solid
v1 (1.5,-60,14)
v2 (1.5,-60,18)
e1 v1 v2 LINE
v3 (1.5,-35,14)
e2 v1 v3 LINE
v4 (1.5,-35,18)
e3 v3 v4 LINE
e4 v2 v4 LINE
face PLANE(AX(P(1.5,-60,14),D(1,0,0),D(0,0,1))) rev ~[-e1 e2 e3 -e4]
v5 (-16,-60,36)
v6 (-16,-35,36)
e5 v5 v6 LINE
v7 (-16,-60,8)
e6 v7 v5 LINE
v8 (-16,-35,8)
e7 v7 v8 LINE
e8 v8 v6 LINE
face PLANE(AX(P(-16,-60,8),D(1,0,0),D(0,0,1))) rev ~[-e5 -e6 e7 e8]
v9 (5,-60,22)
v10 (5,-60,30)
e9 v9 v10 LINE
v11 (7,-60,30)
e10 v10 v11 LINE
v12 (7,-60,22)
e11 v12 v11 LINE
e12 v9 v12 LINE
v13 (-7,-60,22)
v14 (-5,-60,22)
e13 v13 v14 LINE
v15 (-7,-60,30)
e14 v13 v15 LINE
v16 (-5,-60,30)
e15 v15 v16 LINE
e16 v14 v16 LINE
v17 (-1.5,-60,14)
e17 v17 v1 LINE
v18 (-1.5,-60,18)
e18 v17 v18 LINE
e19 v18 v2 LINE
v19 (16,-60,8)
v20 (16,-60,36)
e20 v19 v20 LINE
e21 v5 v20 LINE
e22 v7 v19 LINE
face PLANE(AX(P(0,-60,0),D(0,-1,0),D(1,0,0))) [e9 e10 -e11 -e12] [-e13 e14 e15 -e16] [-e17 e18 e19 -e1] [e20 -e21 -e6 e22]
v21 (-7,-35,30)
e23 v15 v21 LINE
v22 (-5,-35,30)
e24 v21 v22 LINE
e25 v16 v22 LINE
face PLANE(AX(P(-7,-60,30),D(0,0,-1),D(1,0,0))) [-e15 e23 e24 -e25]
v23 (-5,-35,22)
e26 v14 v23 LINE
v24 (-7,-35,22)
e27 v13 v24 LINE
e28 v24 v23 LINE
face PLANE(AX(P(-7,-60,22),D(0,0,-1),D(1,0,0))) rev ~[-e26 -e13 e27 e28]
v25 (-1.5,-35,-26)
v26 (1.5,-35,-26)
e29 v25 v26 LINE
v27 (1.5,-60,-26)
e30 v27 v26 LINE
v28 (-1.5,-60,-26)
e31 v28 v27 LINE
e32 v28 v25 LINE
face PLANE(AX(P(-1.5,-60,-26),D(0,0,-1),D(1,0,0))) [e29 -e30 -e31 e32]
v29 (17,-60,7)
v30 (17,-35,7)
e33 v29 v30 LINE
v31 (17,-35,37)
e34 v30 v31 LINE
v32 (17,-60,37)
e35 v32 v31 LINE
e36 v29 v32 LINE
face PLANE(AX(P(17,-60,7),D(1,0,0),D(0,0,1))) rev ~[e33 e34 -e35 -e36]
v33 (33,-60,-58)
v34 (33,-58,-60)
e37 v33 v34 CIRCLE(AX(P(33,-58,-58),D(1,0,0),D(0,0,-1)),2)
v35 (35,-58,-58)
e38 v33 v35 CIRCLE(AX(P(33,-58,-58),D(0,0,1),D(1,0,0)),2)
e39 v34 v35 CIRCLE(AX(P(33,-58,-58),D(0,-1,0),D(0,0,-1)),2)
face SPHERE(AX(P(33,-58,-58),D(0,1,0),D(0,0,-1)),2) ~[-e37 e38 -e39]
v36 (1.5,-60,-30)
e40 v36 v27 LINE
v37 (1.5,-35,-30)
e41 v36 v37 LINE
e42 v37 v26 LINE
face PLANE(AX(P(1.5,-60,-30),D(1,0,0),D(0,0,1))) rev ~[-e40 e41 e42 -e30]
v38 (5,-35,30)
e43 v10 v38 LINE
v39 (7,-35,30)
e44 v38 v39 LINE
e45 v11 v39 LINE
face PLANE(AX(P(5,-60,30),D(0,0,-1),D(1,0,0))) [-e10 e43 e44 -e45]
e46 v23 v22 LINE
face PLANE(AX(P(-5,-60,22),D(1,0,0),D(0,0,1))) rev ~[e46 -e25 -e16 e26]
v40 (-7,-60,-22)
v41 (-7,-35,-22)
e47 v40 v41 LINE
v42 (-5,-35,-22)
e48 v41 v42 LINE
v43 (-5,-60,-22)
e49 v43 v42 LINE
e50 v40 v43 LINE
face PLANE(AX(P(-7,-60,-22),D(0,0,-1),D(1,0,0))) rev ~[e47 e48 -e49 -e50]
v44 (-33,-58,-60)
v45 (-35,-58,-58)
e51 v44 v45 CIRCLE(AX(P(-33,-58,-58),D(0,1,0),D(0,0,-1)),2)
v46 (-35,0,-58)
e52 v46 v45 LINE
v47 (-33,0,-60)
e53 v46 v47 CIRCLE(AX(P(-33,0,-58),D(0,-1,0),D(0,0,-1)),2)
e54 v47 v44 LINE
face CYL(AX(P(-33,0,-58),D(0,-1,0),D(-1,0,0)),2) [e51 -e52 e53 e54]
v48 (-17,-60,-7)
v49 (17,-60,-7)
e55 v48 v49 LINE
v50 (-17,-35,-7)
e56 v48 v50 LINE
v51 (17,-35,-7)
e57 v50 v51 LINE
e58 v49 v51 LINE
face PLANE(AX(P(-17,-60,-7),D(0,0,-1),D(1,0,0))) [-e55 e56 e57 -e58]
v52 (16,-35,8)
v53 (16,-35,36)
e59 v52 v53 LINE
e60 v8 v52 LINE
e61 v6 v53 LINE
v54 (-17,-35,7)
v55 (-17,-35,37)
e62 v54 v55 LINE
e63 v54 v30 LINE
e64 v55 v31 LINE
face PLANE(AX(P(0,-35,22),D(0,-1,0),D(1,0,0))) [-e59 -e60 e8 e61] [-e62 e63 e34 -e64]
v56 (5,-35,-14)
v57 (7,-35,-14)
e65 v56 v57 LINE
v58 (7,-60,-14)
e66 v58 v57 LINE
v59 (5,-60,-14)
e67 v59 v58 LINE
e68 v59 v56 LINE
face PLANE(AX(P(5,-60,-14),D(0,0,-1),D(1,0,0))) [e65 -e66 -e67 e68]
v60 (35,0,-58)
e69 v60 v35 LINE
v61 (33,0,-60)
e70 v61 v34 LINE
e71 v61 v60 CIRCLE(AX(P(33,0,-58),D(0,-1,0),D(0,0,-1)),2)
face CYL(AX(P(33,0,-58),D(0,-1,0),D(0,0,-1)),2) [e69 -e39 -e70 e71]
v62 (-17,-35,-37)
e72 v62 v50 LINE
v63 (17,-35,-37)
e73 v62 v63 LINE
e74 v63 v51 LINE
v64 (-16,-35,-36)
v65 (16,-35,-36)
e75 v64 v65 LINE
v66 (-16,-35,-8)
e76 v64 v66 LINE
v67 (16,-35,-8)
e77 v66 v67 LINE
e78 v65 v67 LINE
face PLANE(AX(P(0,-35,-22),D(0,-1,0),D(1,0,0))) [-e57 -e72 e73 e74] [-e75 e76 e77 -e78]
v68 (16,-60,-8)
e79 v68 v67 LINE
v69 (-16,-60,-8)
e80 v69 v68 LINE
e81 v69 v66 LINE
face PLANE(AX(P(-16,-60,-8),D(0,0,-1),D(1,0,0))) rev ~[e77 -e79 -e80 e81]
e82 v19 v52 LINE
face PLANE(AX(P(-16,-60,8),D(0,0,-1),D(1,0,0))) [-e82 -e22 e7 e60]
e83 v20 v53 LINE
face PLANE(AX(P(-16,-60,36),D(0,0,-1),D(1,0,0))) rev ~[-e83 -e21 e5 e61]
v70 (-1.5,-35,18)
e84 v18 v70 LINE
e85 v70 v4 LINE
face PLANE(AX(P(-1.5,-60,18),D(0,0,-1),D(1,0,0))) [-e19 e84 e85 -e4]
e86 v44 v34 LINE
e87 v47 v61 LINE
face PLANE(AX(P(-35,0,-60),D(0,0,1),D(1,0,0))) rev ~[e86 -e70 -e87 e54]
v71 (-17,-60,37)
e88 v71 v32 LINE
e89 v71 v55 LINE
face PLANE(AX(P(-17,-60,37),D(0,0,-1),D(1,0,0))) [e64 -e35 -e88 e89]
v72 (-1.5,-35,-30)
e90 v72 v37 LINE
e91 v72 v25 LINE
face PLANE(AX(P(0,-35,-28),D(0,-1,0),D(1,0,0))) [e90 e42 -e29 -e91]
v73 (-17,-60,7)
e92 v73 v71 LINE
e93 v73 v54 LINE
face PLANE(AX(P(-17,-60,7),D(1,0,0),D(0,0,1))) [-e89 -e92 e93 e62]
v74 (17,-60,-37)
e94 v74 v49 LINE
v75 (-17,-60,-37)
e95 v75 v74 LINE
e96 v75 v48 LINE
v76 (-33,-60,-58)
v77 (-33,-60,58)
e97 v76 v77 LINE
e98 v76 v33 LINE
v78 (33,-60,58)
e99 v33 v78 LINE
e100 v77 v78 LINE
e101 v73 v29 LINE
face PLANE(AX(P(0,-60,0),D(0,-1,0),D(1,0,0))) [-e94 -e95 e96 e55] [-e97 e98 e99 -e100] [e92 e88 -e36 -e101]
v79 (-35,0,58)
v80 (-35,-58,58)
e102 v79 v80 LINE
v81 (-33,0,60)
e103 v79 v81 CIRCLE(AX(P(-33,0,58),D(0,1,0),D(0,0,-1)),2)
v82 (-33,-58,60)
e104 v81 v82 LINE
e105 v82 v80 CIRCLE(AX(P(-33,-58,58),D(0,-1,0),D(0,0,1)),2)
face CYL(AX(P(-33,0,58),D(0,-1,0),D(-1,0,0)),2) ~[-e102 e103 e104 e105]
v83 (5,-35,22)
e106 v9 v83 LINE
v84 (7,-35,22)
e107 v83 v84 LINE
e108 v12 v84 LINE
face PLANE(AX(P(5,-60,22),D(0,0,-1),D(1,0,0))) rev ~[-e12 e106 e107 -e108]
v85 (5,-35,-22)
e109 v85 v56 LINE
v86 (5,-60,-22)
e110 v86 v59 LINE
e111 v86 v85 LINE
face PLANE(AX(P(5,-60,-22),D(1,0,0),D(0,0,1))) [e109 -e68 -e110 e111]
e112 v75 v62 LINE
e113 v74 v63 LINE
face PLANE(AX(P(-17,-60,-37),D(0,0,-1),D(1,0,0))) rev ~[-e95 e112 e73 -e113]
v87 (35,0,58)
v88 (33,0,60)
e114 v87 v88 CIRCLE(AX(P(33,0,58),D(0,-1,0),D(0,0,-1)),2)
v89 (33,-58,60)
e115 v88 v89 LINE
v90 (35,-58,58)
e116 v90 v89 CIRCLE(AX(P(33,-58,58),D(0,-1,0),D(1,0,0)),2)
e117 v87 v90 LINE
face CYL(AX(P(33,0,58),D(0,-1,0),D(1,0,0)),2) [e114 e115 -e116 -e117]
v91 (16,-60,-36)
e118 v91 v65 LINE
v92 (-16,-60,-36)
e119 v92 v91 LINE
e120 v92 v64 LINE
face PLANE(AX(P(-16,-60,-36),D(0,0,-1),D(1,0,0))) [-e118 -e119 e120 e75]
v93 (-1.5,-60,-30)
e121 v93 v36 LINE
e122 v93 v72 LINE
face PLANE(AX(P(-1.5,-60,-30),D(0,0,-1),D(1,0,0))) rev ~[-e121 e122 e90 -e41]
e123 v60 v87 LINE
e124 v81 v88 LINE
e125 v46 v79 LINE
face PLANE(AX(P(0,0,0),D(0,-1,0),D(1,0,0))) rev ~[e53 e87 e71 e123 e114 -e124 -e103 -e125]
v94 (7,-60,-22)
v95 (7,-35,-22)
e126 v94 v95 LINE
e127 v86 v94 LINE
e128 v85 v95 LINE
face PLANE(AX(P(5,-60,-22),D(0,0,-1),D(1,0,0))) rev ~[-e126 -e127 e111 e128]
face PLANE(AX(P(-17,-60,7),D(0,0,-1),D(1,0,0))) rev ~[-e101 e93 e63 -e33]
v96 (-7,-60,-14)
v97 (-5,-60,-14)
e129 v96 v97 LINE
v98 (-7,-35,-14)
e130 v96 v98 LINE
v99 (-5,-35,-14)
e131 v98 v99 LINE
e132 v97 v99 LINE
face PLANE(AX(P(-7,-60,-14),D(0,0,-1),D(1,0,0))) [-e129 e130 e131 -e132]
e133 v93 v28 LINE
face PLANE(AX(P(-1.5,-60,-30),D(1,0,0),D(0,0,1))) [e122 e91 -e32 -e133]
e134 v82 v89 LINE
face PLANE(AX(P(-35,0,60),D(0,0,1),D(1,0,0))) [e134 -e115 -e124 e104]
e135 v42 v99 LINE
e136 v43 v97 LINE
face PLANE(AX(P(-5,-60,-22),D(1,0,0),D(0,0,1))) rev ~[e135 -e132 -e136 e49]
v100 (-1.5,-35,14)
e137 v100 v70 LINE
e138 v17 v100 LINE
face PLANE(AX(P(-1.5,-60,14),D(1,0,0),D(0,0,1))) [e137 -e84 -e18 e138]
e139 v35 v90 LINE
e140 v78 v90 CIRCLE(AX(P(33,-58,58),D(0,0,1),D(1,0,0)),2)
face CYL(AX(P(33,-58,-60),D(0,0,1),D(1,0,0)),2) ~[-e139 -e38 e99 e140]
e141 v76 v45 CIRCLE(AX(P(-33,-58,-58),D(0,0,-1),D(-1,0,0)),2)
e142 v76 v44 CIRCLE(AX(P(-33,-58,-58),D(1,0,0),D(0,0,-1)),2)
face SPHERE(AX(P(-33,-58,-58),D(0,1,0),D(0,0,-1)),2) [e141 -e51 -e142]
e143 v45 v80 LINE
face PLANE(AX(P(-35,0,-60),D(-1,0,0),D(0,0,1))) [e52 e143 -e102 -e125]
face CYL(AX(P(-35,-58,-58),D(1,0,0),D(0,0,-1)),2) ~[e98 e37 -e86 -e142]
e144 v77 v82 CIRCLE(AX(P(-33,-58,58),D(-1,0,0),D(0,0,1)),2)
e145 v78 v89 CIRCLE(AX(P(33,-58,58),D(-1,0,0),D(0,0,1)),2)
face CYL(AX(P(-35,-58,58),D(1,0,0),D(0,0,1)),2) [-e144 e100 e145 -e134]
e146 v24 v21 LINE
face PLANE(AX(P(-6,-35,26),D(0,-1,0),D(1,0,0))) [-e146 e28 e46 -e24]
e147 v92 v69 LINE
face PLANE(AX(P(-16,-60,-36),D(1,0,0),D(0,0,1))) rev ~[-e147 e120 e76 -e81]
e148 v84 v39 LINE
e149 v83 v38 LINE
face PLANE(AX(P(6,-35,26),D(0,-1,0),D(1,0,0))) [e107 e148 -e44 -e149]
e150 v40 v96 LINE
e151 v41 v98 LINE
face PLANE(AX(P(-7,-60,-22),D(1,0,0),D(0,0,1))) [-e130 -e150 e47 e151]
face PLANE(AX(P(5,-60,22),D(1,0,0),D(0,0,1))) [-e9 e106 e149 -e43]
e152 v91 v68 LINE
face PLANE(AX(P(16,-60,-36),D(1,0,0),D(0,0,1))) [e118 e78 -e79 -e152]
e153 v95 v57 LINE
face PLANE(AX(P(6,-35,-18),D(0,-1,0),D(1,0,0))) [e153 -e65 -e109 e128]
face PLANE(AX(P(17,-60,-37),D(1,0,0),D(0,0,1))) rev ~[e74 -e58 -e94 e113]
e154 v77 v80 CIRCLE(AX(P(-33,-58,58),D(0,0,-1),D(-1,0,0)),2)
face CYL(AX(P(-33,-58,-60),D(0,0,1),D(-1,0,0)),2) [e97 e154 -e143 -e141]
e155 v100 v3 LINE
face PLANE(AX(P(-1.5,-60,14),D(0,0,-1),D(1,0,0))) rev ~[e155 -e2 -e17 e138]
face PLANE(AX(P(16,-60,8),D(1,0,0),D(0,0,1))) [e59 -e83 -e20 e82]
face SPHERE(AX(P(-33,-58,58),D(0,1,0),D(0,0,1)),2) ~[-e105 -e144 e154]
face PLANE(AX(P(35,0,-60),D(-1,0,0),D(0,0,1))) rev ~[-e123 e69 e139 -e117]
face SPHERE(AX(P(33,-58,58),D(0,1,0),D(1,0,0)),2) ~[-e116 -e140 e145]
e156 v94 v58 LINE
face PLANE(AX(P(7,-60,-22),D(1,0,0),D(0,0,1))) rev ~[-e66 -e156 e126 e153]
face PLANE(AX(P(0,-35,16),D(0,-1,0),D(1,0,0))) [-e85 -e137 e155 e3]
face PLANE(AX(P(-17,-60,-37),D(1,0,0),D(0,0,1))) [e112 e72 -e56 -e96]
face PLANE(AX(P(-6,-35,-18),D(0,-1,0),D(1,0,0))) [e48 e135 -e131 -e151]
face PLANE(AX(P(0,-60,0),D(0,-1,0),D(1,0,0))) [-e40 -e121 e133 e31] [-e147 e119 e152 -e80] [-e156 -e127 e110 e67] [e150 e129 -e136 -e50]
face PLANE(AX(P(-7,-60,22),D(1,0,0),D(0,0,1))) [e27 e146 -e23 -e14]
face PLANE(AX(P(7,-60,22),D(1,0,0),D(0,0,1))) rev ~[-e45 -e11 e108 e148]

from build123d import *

# Parameters (mm, degrees)
F0_W     = 70
F0_H     = 120
F1_DEPTH = 60
F2_R     = 2
F3_W     = 34
F3_H     = 30
F3_W_2   = 32
F3_H_2   = 28
F4_DEPTH = 25
F5_W     = 3
F5_H     = 4
F5_W_2   = 2
F5_H_2   = 8
F6_DEPTH = 25


with BuildPart() as f1:
    # F0 (on Front) → F1 (new body)
    with BuildSketch(Plane.XZ):
        Rectangle(F0_W, F0_H)
    extrude(amount=F1_DEPTH)

    # F2
    f2_edges = [f1.edges().sort_by_distance(p)[0] for p in [
        (35, -30, 60),
        (35, -30, -60),
        (-35, -30, 60),
        (-35, -30, -60),
        (0, -60, -60),
        (35, -60, 0),
        (0, -60, 60),
        (-35, -60, 0),
    ]]
    fillet(f2_edges, radius=F2_R)

    # F3 (on face) → F4 (cut)
    with BuildSketch(Plane.XZ.offset(60)):
        with Locations((0, 22)):
            Rectangle(F3_W, F3_H)
        with Locations((0, 22)):
            Rectangle(F3_W_2, F3_H_2, mode=Mode.SUBTRACT)
        with Locations((0, -22)):
            Rectangle(F3_W, F3_H)
        with Locations((0, -22)):
            Rectangle(F3_W_2, F3_H_2, mode=Mode.SUBTRACT)
    extrude(amount=-F4_DEPTH, mode=Mode.SUBTRACT)

    # F5 (on face) → F6 (cut)
    with BuildSketch(Plane.XZ.offset(60)):
        with Locations((0, 16)):
            Rectangle(F5_W, F5_H)
        with Locations((0, -28)):
            Rectangle(F5_W, F5_H)
        with Locations((-6, -18)):
            Rectangle(F5_W_2, F5_H_2)
        with Locations((-6, 26)):
            Rectangle(F5_W_2, F5_H_2)
        with Locations((6, 26)):
            Rectangle(F5_W_2, F5_H_2)
        with Locations((6, -18)):
            Rectangle(F5_W_2, F5_H_2)
    extrude(amount=-F6_DEPTH, mode=Mode.SUBTRACT)


solid = f1.part
